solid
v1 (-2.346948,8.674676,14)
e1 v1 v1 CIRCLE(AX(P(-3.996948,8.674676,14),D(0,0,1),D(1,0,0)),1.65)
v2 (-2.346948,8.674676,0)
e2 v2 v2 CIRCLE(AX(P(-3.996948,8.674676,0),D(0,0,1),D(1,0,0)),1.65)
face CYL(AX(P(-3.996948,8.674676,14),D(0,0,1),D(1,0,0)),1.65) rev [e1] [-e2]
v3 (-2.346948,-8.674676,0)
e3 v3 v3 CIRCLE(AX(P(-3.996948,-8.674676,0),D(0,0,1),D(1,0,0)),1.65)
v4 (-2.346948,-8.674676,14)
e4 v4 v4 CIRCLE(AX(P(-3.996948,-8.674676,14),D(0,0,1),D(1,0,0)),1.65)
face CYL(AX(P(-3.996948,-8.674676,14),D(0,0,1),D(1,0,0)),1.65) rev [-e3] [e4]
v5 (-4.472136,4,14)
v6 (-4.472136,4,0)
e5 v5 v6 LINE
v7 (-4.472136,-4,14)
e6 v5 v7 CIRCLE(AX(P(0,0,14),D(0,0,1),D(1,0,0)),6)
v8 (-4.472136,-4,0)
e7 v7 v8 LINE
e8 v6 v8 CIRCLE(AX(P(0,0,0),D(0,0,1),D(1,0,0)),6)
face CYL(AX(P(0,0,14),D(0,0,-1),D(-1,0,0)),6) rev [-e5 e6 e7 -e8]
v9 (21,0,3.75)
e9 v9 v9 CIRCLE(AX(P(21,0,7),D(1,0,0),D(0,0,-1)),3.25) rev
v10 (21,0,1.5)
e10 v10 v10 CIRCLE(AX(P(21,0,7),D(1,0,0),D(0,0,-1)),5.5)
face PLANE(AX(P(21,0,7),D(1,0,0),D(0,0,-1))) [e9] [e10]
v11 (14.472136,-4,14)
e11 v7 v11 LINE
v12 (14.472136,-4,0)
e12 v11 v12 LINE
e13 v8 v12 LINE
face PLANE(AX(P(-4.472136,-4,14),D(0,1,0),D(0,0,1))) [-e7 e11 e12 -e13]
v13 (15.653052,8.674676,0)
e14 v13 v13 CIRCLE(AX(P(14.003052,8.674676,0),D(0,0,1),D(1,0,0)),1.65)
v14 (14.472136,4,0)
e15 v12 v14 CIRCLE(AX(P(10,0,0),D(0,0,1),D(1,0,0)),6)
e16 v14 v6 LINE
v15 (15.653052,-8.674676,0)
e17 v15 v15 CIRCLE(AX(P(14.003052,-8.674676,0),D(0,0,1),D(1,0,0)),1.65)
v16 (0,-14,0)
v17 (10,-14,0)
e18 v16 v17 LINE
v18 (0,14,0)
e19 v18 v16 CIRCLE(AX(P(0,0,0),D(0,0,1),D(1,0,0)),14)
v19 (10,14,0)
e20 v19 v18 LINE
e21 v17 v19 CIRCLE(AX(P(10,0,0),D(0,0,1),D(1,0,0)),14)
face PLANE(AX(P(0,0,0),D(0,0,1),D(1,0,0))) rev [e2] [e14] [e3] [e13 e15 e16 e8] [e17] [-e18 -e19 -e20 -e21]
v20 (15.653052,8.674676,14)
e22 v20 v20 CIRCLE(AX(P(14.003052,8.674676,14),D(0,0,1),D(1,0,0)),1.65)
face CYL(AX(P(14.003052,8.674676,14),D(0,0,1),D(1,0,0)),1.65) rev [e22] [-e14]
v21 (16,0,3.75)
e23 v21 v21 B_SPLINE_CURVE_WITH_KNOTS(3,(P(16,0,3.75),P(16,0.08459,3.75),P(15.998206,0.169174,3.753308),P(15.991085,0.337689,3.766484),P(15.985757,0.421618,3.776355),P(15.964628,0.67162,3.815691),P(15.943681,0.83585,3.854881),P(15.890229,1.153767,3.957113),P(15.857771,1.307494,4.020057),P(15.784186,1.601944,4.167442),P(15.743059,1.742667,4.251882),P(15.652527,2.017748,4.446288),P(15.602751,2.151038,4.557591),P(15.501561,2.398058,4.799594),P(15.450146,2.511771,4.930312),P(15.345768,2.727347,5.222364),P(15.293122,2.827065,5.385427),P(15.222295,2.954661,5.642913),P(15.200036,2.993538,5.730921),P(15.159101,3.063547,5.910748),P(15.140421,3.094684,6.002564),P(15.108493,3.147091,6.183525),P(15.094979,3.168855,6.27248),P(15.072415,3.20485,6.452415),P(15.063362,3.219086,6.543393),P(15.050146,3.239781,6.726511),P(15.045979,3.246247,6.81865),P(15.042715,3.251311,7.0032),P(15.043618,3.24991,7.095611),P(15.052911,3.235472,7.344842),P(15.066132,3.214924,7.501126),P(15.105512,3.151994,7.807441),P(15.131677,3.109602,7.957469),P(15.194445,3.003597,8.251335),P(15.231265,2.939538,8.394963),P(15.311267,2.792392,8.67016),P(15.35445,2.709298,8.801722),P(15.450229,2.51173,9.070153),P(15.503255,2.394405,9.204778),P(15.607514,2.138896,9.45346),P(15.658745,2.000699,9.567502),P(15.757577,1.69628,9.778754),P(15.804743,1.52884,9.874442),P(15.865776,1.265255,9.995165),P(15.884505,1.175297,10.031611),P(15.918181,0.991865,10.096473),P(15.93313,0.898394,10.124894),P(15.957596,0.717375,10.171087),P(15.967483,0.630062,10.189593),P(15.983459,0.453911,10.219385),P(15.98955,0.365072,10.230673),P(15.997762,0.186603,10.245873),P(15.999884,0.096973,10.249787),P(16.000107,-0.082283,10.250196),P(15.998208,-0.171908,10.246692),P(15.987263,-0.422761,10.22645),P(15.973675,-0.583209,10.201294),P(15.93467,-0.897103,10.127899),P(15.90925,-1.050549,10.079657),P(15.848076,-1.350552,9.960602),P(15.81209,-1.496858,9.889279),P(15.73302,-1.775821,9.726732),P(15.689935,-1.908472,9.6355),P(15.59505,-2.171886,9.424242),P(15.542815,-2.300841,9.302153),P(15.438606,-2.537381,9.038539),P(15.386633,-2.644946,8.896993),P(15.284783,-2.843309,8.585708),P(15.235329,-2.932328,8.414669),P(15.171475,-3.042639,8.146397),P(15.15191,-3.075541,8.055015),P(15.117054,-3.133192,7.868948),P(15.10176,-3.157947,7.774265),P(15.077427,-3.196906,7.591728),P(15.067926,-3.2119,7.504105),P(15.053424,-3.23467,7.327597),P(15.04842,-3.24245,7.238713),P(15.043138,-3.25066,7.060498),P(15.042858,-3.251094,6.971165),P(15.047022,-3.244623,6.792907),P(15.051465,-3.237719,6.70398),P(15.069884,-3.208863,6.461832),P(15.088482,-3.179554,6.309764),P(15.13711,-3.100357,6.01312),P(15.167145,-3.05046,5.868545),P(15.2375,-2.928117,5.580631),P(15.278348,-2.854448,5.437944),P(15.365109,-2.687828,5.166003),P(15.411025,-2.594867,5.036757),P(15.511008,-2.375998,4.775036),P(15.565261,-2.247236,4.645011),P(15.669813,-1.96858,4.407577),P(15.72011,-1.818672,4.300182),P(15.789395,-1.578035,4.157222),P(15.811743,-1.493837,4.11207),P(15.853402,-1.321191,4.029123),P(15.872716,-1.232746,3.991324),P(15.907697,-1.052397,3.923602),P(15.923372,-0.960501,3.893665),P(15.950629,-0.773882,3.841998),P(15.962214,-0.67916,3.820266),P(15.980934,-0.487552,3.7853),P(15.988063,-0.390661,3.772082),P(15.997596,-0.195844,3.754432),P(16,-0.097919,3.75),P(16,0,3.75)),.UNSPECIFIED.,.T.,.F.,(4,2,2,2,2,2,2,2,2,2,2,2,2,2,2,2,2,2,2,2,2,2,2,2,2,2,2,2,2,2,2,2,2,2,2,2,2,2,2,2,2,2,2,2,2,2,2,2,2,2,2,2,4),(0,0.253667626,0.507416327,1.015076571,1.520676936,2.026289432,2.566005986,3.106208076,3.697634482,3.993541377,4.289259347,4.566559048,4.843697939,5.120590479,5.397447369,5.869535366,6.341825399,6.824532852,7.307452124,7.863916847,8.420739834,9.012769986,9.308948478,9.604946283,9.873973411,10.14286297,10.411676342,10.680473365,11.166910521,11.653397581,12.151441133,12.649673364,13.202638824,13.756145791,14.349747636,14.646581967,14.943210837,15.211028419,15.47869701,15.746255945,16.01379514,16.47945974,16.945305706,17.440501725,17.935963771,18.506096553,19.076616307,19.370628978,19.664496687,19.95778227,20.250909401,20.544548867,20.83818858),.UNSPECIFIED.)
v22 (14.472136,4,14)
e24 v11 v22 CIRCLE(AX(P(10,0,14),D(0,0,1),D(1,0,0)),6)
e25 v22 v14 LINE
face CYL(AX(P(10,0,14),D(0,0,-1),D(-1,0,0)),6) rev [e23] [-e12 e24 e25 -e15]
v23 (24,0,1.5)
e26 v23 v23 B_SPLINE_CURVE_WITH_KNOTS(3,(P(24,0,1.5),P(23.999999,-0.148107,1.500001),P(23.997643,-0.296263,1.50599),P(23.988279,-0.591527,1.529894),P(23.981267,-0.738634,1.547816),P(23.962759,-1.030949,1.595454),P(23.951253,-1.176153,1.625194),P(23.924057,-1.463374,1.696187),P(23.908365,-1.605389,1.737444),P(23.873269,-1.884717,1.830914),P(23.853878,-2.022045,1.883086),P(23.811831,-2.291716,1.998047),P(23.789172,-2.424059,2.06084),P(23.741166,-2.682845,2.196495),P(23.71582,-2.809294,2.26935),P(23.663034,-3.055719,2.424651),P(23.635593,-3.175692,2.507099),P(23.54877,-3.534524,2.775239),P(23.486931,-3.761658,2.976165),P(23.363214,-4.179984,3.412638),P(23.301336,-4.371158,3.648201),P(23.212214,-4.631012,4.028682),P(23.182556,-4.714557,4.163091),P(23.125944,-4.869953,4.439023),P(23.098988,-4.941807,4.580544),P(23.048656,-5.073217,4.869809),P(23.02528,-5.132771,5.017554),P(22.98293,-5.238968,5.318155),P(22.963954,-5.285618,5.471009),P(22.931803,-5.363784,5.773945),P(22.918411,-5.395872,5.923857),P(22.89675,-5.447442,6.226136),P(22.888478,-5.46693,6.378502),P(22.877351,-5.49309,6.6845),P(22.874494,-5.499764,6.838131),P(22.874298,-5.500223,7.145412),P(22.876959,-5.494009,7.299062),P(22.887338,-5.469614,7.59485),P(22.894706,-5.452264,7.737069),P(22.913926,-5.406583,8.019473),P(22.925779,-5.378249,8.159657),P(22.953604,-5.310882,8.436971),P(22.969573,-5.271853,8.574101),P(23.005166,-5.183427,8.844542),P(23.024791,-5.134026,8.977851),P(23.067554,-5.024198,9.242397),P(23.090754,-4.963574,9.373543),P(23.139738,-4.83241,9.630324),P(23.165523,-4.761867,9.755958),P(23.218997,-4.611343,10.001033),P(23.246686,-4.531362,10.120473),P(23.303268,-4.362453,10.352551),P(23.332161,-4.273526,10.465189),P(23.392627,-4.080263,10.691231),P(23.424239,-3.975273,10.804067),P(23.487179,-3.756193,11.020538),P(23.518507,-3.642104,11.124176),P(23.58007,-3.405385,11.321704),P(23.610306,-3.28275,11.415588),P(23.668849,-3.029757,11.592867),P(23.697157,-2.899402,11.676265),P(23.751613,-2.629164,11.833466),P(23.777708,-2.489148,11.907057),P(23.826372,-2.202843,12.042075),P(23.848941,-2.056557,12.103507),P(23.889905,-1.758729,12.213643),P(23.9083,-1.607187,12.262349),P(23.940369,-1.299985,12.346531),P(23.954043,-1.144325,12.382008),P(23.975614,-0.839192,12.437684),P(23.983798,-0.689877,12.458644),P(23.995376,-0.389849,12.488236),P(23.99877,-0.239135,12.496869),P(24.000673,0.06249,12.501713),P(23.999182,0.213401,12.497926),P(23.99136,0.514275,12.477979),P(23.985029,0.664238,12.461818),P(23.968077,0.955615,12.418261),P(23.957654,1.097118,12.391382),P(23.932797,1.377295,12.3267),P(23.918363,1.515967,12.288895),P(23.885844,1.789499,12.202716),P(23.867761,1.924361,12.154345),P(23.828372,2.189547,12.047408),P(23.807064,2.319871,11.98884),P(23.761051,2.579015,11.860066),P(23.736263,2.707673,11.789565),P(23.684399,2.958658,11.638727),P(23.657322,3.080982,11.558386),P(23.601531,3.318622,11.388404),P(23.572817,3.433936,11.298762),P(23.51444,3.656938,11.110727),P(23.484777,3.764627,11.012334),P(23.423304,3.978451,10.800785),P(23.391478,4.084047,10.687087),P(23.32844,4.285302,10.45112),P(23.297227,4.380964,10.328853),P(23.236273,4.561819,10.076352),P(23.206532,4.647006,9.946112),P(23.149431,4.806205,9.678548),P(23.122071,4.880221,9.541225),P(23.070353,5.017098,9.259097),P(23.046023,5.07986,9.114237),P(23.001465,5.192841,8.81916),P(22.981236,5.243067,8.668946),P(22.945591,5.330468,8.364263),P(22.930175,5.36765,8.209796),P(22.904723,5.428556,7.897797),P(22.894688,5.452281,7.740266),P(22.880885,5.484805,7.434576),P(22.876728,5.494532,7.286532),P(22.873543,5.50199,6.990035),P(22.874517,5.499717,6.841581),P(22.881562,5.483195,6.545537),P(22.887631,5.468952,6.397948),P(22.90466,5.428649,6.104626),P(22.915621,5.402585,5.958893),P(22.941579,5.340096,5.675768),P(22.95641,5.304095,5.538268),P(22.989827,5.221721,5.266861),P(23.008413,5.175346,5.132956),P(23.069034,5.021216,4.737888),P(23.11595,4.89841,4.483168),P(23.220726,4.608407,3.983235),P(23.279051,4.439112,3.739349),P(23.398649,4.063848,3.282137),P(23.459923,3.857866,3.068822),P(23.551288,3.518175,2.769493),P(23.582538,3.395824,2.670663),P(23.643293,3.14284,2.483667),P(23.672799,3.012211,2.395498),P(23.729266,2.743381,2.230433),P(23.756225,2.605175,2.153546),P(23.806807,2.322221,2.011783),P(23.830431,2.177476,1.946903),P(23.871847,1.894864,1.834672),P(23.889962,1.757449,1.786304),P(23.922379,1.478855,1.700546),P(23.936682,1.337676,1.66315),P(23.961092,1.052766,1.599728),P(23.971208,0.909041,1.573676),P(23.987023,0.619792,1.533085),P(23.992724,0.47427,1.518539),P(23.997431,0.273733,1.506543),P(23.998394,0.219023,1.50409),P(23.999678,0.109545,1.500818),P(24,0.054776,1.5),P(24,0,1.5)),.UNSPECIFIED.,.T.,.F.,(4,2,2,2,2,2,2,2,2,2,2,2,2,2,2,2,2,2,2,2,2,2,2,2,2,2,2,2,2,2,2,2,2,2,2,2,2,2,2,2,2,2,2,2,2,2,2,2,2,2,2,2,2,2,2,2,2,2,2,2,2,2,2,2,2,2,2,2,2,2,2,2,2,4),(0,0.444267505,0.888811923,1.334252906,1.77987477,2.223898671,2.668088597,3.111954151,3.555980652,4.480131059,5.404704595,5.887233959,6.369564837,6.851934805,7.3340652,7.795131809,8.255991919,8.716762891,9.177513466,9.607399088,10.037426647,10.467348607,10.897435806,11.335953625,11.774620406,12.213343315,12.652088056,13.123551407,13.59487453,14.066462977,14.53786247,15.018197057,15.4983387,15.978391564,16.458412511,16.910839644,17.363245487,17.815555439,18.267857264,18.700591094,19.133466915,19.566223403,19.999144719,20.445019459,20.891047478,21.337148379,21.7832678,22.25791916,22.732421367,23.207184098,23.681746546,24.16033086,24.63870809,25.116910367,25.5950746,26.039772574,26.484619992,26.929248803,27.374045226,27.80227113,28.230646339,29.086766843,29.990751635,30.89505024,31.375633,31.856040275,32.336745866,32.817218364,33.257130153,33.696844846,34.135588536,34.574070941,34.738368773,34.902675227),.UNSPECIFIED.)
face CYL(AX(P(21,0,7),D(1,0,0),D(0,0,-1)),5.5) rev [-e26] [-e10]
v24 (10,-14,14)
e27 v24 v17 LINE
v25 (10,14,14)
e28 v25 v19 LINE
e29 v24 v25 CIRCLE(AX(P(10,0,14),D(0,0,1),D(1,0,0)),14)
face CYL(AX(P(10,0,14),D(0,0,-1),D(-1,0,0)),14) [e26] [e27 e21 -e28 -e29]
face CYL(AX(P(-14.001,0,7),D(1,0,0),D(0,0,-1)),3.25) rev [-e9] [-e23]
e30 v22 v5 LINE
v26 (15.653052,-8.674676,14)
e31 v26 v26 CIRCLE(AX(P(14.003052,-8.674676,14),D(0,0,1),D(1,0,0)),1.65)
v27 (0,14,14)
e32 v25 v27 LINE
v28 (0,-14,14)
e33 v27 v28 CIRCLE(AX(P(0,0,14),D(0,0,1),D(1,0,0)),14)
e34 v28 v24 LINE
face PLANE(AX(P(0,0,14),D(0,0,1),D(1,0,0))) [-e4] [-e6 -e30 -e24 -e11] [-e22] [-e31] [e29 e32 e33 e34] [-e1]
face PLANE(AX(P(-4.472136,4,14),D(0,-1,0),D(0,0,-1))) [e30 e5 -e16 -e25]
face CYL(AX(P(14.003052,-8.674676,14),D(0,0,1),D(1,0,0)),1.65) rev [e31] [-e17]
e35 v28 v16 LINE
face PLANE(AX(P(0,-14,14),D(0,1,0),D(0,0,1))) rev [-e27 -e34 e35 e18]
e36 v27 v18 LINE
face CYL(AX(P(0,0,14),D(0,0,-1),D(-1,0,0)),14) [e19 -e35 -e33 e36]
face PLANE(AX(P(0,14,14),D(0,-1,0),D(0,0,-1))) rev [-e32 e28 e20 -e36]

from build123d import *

# Parameters (mm, degrees)
BOSS_EXTRUDE1_DEPTH     = 14
M4_TAPPED_HOLE2_D       = 3.3
CUT_EXTRUDE1_REACH      = 44.849
CUT_EXTRUDE1_END_RADIUS = 6
SKETCH5_R               = 3.25
SKETCH6_R               = 5.5
CUT_EXTRUDE2_DEPTH      = 3


with BuildPart() as part:
    # Sketch1 → Boss-Extrude1 (new body)
    with BuildSketch(Plane.XY):
        with BuildLine():
            Line((0, 14), (10, 14))
            ThreePointArc((10, 14), (24, 0), (10, -14))
            Line((10, -14), (0, -14))
            ThreePointArc((0, -14), (-14, 0), (0, 14))
        make_face()
        with BuildLine():
            Line((-4.472135955, 4), (14.472135955, 4))
            ThreePointArc((14.472135955, 4), (16, 0), (14.472135955, -4))
            Line((14.472135955, -4), (-4.472135955, -4))
            ThreePointArc((-4.472135955, -4), (-6, 0), (-4.472135955, 4))
        make_face(mode=Mode.SUBTRACT)
    extrude(amount=BOSS_EXTRUDE1_DEPTH)

    # M4 Tapped Hole2 (through all)
    with Locations(Plane(origin=(-3.996947905, 8.674675786, 14), x_dir=(1, 0, 0), z_dir=(0, 0, 1))):
        with Locations((0, 0), (18, 0), (18, -17.349351572), (0, -17.349351572)):
            Hole(M4_TAPPED_HOLE2_D / 2)

    # Cut-Extrude1: up to this cylinder (the profile starts outside it)
    cut_extrude1_end = Plane(origin=(10, 0, 7), z_dir=(0, 0, -1)) * Cylinder(CUT_EXTRUDE1_END_RADIUS, 102.698, mode=Mode.PRIVATE)
    # Sketch5 → Cut-Extrude1 (cut, up to the surface)
    with BuildSketch(Plane(origin=(24, 0, 0), x_dir=(0, 0, -1), z_dir=(1, 0, 0)), mode=Mode.PRIVATE) as cut_extrude1_sk1:
        with Locations((-7, 0)):
            Circle(SKETCH5_R)
    cut_extrude1_tool1 = extrude(cut_extrude1_sk1.sketch, amount=-CUT_EXTRUDE1_REACH, mode=Mode.PRIVATE) - cut_extrude1_end
    add(cut_extrude1_tool1.solids().sort_by_distance((24, 0, 7))[0], mode=Mode.SUBTRACT)

    # Sketch6 → Cut-Extrude2 (cut)
    with BuildSketch(Plane(origin=(24, 0, 0), x_dir=(0, 0, -1), z_dir=(1, 0, 0))):
        with Locations((-7, 0)):
            Circle(SKETCH6_R)
    extrude(amount=-CUT_EXTRUDE2_DEPTH, mode=Mode.SUBTRACT)


solid = part.part
